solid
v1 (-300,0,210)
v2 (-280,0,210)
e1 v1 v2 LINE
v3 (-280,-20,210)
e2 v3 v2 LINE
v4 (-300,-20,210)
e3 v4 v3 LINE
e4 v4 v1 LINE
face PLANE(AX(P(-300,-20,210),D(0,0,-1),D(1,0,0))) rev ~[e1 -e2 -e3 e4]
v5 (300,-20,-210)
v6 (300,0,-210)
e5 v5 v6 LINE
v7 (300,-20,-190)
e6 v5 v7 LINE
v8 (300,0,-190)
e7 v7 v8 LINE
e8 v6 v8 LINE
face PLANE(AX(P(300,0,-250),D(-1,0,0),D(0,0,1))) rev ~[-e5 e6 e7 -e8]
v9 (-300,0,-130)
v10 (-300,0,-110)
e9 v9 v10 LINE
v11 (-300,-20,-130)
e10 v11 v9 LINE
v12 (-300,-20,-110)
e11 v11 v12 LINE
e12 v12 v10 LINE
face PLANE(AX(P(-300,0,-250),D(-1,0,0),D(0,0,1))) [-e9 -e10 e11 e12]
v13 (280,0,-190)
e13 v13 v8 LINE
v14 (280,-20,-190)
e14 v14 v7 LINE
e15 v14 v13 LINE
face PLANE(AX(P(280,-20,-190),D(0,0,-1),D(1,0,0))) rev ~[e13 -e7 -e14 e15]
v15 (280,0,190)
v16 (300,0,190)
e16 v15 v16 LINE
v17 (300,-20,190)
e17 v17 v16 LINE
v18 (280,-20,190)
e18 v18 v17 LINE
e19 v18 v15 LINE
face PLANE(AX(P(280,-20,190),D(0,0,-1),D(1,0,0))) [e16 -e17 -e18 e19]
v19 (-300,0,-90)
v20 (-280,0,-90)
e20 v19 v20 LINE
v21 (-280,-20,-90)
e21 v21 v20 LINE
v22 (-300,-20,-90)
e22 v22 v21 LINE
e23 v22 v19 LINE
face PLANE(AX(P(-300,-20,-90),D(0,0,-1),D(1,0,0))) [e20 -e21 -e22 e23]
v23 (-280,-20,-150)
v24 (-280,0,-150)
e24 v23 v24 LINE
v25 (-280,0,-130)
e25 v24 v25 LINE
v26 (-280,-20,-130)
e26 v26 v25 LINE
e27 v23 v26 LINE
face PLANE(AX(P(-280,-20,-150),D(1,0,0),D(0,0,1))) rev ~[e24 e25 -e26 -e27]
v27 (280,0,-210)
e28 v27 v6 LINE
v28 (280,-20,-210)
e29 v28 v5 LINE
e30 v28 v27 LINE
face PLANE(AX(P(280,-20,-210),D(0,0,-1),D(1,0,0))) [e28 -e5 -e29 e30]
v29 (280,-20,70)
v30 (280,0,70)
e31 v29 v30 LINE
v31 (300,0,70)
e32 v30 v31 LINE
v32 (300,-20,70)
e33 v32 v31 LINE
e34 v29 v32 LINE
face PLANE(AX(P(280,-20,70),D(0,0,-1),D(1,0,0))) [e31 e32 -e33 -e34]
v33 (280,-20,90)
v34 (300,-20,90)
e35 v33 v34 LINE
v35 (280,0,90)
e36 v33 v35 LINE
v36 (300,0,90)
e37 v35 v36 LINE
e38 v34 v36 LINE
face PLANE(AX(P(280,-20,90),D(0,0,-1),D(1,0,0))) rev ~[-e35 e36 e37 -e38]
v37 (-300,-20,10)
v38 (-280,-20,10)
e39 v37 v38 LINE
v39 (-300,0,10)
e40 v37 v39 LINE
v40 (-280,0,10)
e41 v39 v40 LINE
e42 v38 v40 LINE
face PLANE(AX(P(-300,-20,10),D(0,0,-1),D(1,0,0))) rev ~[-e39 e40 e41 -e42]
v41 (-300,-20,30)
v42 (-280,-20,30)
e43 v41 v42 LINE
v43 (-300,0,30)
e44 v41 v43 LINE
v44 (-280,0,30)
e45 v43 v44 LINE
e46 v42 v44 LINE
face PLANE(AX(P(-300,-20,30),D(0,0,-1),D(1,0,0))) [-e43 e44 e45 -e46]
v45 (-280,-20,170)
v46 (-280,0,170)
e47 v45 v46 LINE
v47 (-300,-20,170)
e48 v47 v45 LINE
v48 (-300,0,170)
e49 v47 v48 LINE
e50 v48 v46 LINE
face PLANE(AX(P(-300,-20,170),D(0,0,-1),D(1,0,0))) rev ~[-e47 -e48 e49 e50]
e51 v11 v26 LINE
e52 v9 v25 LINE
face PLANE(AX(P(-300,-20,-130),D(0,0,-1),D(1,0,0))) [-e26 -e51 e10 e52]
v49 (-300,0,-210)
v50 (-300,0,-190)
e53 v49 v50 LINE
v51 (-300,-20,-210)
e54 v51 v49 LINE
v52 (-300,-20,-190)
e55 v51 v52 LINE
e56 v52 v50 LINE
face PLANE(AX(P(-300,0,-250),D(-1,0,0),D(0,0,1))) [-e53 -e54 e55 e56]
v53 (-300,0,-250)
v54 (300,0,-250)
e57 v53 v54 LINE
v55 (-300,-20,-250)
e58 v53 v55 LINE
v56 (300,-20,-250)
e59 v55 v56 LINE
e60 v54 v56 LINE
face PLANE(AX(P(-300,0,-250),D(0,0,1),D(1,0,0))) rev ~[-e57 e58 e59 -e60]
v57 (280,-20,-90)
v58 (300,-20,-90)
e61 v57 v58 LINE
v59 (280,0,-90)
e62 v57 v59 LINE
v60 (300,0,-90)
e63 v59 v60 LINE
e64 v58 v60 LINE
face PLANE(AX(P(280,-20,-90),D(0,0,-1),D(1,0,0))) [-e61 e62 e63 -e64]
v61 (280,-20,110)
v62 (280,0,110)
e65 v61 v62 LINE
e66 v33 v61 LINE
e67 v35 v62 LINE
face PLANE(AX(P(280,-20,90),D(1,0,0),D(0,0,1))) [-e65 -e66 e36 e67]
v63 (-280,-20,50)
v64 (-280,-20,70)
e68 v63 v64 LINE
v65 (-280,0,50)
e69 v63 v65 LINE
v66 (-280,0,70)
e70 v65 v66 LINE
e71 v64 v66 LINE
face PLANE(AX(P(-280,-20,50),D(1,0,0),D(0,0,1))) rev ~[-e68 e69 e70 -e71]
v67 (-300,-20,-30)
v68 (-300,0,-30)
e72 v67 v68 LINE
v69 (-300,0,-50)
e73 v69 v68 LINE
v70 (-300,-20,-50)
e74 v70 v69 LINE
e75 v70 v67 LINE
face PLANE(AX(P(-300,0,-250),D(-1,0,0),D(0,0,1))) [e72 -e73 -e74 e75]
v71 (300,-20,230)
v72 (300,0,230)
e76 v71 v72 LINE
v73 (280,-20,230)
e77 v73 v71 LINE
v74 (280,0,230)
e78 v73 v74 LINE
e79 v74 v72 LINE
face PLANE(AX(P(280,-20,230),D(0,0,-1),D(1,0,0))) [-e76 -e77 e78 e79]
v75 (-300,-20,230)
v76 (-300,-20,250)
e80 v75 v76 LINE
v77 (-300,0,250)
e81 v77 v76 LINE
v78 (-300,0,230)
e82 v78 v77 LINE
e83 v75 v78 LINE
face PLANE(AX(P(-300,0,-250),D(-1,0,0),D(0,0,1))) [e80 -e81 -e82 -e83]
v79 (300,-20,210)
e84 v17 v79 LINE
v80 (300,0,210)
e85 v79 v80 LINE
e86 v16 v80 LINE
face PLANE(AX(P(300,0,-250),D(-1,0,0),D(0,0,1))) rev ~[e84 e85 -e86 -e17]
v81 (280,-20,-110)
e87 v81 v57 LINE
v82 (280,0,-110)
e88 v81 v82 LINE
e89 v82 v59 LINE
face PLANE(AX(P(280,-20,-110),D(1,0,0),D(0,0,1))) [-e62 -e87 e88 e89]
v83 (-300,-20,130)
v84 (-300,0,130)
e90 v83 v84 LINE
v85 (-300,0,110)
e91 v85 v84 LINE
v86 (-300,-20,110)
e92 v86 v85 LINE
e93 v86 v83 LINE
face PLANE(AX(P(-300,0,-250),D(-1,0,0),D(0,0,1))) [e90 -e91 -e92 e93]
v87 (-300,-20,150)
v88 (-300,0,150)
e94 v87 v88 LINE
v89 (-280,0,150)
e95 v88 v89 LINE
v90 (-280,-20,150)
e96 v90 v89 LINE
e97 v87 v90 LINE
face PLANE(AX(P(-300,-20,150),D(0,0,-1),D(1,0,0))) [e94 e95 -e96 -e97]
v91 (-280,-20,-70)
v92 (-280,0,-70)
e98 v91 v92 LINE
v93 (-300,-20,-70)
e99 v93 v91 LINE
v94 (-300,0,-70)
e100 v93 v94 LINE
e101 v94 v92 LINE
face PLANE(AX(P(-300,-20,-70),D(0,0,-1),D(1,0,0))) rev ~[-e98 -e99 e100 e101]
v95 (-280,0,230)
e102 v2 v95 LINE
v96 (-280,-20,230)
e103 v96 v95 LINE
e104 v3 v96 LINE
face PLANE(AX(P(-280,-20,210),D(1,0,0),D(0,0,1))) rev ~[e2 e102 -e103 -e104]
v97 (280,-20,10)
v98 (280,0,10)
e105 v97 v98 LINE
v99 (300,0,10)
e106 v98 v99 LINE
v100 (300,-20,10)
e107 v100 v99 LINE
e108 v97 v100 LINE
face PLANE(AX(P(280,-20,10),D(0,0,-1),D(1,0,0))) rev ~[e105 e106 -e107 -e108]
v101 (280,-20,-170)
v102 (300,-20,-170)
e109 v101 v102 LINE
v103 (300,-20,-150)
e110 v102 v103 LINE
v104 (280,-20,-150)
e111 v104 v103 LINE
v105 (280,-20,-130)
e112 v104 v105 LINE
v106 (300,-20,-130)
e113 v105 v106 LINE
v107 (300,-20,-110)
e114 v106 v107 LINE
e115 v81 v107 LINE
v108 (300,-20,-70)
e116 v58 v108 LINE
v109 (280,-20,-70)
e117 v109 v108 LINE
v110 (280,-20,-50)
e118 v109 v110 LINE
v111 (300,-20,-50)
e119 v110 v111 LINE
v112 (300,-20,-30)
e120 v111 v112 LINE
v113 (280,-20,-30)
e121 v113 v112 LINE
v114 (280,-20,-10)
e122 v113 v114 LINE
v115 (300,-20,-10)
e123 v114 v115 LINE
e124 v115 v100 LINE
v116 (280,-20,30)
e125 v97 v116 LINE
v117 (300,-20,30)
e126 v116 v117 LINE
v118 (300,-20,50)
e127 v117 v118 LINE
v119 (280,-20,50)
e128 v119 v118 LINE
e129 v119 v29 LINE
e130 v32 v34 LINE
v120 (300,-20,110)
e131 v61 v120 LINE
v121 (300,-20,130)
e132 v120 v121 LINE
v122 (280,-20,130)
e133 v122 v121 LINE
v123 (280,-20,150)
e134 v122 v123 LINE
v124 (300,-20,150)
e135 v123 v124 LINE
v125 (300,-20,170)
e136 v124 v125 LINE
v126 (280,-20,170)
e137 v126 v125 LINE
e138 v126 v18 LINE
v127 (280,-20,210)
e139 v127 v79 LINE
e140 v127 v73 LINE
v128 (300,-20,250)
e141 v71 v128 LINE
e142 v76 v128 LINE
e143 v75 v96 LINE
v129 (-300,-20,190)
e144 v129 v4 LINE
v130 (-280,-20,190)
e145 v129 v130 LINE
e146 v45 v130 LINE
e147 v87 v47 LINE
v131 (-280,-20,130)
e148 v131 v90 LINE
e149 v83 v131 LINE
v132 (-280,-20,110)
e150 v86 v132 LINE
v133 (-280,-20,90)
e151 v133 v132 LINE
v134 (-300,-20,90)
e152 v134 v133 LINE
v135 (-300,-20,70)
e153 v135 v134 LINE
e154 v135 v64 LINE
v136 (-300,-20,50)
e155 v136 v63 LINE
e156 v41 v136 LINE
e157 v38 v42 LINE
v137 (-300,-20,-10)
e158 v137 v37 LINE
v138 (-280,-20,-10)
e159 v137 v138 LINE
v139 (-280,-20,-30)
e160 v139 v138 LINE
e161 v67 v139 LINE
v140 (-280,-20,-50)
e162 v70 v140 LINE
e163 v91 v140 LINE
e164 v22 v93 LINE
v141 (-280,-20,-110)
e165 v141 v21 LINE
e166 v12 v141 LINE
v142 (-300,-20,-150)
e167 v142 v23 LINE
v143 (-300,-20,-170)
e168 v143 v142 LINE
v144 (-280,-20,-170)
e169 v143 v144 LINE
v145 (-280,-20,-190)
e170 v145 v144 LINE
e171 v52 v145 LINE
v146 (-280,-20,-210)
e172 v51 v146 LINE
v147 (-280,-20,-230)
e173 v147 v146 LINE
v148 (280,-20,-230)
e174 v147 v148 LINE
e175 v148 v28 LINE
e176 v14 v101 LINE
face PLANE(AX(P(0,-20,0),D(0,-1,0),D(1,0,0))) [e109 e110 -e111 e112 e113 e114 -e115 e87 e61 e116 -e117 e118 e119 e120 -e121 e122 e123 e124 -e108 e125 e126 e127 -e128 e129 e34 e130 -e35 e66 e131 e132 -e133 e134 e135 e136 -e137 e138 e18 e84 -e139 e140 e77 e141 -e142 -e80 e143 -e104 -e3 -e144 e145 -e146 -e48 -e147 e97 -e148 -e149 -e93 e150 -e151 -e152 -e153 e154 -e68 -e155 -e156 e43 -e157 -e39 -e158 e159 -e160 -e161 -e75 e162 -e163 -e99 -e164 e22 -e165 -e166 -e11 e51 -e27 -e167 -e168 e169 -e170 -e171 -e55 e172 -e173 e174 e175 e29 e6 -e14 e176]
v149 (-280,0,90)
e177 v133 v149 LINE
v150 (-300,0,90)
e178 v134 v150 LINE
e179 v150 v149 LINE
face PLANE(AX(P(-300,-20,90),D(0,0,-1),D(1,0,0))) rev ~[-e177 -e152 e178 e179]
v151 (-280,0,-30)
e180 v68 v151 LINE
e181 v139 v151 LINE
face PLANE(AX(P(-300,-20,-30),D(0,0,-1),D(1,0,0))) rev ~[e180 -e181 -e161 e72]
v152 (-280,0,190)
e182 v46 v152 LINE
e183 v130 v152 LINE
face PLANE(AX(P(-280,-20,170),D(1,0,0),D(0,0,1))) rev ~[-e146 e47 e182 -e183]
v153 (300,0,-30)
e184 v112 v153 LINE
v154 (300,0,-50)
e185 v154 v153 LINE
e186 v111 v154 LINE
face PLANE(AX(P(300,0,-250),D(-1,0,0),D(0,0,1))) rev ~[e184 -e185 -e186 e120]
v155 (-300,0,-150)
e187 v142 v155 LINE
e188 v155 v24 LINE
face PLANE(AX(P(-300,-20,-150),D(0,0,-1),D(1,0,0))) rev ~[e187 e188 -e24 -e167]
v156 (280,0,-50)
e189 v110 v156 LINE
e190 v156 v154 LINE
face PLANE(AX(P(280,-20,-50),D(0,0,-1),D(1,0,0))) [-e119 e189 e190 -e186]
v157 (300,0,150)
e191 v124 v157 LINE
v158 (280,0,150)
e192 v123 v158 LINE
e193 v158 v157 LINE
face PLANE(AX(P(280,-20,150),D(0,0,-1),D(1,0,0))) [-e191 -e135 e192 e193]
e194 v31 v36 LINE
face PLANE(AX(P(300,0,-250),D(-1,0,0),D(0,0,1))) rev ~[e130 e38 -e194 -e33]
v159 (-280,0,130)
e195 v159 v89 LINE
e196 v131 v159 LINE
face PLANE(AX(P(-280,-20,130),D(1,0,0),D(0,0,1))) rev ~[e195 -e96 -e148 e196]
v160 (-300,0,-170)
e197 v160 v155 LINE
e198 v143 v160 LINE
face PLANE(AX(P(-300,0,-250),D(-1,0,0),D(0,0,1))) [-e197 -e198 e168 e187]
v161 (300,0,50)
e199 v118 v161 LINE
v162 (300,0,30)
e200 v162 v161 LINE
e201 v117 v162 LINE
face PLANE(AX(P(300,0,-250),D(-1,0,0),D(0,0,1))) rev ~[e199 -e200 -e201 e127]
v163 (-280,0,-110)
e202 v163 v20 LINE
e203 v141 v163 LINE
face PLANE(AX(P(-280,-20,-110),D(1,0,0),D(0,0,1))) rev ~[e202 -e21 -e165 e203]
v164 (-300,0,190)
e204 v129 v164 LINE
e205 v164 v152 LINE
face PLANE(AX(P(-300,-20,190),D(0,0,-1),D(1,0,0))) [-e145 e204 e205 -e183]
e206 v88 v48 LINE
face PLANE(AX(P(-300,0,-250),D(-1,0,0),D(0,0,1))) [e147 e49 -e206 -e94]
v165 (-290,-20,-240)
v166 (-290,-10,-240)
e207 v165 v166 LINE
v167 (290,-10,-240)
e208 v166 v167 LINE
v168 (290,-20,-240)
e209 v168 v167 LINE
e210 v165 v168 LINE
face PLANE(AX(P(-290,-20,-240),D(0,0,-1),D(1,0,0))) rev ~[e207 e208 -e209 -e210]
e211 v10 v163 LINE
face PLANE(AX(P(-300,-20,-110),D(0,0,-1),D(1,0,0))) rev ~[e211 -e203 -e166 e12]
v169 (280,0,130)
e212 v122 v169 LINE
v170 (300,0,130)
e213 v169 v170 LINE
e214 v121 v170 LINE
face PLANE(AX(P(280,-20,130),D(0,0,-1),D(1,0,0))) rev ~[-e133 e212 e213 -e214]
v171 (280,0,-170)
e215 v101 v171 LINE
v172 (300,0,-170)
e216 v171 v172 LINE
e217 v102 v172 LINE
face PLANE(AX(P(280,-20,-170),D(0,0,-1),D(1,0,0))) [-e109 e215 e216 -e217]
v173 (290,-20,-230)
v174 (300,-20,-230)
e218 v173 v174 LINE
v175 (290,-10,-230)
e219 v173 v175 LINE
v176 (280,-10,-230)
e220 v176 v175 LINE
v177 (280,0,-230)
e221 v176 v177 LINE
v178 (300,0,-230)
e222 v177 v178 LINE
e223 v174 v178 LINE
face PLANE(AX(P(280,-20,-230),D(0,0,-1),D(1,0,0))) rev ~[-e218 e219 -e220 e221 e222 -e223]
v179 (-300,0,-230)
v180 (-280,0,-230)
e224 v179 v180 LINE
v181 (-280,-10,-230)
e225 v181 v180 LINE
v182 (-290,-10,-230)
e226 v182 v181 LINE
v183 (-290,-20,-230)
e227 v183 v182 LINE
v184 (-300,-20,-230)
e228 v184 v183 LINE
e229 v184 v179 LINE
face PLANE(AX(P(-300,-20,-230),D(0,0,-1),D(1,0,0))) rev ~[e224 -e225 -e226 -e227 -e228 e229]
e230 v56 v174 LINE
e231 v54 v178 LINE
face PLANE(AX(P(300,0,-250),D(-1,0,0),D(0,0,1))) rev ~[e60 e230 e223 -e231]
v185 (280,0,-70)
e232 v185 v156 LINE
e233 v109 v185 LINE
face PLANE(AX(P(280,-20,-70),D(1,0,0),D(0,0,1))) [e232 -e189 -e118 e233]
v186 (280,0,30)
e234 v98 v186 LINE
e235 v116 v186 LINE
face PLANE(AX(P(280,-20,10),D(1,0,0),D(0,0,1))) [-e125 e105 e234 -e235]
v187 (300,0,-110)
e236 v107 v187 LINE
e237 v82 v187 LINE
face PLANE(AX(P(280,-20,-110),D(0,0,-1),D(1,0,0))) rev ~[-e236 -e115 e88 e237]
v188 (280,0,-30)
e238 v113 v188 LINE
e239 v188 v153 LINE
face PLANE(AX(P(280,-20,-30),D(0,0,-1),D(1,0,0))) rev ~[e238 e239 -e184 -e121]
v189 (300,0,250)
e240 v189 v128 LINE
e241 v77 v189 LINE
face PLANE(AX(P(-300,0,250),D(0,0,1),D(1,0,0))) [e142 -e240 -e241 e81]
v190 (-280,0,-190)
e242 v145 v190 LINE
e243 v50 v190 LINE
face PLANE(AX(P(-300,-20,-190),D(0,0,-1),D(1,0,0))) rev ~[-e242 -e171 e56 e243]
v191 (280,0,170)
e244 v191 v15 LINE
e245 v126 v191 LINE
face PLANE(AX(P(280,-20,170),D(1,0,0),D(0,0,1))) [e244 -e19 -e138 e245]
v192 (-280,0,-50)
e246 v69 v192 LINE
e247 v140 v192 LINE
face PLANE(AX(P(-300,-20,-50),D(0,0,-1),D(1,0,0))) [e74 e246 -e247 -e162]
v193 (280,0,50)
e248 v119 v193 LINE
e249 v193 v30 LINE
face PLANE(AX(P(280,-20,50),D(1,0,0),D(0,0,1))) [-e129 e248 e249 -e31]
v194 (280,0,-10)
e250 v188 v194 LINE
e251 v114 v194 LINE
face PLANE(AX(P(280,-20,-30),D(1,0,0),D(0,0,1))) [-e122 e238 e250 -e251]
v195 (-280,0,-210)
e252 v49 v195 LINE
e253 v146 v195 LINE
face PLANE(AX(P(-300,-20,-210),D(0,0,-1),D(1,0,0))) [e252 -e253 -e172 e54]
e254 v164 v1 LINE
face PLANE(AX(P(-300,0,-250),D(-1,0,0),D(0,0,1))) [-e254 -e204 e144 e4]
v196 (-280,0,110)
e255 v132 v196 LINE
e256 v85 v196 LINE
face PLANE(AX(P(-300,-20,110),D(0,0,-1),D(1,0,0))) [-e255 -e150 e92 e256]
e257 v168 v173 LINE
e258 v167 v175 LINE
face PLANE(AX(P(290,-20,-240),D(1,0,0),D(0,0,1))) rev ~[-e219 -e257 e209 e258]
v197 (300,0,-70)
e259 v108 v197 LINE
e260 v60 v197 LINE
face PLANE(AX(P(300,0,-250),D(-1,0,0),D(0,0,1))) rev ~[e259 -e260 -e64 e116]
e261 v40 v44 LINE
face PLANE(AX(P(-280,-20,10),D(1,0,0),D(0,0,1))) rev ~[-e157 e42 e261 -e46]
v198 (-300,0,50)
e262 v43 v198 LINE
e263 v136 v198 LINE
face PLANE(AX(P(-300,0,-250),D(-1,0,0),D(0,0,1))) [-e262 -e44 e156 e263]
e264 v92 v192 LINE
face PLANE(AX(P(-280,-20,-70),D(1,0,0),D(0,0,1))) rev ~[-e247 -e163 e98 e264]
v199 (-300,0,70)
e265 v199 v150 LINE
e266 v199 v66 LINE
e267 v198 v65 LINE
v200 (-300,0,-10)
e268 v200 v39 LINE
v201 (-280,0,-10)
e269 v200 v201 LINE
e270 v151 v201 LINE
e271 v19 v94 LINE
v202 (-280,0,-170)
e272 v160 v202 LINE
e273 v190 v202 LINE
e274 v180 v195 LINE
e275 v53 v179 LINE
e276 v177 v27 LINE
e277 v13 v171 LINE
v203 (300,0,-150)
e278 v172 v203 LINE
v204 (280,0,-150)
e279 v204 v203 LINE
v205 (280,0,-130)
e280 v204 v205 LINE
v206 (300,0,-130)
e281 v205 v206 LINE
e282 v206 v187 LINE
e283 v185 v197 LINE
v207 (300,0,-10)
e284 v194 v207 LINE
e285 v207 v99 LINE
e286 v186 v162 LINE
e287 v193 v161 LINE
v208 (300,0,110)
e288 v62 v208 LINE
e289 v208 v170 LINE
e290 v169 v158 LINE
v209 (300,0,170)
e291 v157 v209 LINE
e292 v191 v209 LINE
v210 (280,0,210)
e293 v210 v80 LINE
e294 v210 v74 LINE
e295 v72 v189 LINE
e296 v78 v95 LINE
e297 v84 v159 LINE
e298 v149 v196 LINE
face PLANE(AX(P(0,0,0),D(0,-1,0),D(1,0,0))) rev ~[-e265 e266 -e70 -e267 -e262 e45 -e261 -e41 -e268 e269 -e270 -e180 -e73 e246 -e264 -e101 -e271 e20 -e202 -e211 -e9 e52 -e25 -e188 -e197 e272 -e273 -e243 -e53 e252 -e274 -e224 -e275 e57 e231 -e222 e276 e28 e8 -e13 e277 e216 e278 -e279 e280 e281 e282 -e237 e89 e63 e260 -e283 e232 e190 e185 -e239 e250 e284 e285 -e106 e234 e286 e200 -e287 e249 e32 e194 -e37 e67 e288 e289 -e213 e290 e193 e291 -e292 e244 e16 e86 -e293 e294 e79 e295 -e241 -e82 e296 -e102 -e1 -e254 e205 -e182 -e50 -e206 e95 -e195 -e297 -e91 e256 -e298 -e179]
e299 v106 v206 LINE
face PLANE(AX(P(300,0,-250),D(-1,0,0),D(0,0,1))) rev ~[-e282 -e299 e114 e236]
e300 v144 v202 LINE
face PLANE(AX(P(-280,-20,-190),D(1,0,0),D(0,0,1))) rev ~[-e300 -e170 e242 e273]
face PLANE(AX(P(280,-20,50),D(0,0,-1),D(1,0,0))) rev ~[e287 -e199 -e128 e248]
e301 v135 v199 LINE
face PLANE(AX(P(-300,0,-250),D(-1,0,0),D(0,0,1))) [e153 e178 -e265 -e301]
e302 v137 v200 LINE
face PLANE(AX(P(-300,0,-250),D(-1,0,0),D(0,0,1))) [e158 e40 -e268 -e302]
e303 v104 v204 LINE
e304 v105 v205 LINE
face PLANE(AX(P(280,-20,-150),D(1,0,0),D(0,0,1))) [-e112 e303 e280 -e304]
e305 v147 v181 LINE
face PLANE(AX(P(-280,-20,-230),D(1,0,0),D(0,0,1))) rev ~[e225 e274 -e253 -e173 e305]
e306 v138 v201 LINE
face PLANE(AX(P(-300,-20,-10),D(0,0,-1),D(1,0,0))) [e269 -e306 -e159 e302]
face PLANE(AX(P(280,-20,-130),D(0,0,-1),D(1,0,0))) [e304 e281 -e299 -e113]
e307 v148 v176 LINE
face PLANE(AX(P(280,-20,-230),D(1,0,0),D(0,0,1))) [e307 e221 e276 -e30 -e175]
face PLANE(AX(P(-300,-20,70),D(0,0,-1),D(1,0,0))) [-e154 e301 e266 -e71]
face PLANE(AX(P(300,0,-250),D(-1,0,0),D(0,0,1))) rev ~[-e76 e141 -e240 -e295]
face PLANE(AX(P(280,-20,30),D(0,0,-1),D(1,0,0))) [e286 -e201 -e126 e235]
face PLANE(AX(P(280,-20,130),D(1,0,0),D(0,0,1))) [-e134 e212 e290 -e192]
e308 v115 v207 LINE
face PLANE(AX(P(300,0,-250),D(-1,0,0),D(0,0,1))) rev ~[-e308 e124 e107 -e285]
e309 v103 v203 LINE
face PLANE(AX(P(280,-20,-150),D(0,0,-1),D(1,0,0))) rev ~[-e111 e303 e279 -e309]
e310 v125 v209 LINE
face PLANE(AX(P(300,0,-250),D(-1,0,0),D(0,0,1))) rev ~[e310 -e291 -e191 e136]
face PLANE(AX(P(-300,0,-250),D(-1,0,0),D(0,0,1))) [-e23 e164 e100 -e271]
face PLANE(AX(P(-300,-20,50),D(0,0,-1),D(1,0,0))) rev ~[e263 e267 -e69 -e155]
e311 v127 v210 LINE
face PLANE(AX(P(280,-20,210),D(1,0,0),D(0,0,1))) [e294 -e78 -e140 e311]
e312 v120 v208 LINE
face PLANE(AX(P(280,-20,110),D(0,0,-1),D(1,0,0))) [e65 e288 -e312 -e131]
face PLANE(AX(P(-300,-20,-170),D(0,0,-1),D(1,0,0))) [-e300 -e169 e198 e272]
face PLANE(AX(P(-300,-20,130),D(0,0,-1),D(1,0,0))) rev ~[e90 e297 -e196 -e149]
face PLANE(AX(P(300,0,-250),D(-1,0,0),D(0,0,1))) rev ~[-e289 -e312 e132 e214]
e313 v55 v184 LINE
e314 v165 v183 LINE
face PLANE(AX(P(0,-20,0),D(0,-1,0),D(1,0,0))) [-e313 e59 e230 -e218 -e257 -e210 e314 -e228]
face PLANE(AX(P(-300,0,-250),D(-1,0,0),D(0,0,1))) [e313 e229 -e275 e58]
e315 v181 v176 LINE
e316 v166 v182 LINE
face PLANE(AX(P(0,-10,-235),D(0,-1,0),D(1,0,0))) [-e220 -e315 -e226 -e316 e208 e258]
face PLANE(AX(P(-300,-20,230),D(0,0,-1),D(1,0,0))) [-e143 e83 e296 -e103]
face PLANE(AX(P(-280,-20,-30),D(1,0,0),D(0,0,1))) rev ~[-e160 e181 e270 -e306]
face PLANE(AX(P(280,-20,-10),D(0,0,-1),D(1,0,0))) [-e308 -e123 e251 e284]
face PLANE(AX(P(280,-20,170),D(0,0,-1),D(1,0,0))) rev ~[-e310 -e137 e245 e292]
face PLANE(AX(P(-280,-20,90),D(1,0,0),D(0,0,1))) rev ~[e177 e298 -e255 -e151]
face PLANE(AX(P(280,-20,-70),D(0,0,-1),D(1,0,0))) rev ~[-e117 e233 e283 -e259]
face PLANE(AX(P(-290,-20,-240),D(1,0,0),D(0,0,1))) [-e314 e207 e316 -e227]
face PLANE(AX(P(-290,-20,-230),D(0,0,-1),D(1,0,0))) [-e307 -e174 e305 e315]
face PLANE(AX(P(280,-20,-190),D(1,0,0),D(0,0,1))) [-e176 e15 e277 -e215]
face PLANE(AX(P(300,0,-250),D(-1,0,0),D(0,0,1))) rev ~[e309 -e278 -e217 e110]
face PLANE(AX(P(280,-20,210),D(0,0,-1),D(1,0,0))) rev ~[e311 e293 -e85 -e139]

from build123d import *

# Parameters (mm, degrees)
F0_W     = 600
F0_H     = 500
F1_DEPTH = 20
F2_W     = 20
F2_H     = 20
F3_DEPTH = 20
F4_W     = 580
F4_H     = 10
F5_DEPTH = 10


with BuildPart() as f1:
    # F0 (on Front) → F1 (new body)
    with BuildSketch(Plane.XZ):
        Rectangle(F0_W, F0_H)
    extrude(amount=F1_DEPTH)

    # F2 (on face) → F3 (cut, through all)
    with BuildSketch(Plane.XZ.offset(20)):
        with Locations((290, -220)):
            Rectangle(F2_W, F2_H)
        with Locations((290, -180)):
            Rectangle(F2_W, F2_H)
        with Locations((290, -140)):
            Rectangle(F2_W, F2_H)
        with Locations((290, -100)):
            Rectangle(F2_W, F2_H)
        with Locations((290, -60)):
            Rectangle(F2_W, F2_H)
        with Locations((290, -20)):
            Rectangle(F2_W, F2_H)
        with Locations((290, 20)):
            Rectangle(F2_W, F2_H)
        with Locations((290, 60)):
            Rectangle(F2_W, F2_H)
        with Locations((290, 100)):
            Rectangle(F2_W, F2_H)
        with Locations((290, 140)):
            Rectangle(F2_W, F2_H)
        with Locations((290, 180)):
            Rectangle(F2_W, F2_H)
        with Locations((-290, -220)):
            Rectangle(F2_W, F2_H)
        with Locations((-290, -60)):
            Rectangle(F2_W, F2_H)
        with Locations((-290, 100)):
            Rectangle(F2_W, F2_H)
        with Locations((-290, 20)):
            Rectangle(F2_W, F2_H)
        with Locations((-290, 180)):
            Rectangle(F2_W, F2_H)
        with Locations((-290, -20)):
            Rectangle(F2_W, F2_H)
        with Locations((-290, 140)):
            Rectangle(F2_W, F2_H)
        with Locations((-290, 60)):
            Rectangle(F2_W, F2_H)
        with Locations((-290, -100)):
            Rectangle(F2_W, F2_H)
        with Locations((-290, -140)):
            Rectangle(F2_W, F2_H)
        with Locations((-290, -180)):
            Rectangle(F2_W, F2_H)
        with Locations((290, 220)):
            Rectangle(F2_W, F2_H)
        with Locations((-290, 220)):
            Rectangle(F2_W, F2_H)
    extrude(amount=-F3_DEPTH, mode=Mode.SUBTRACT)

    # F4 (on face) → F5 (cut)
    with BuildSketch(Plane.XZ.offset(20)):
        with Locations((0, -235)):
            Rectangle(F4_W, F4_H)
    extrude(amount=-F5_DEPTH, mode=Mode.SUBTRACT)


solid = f1.part
